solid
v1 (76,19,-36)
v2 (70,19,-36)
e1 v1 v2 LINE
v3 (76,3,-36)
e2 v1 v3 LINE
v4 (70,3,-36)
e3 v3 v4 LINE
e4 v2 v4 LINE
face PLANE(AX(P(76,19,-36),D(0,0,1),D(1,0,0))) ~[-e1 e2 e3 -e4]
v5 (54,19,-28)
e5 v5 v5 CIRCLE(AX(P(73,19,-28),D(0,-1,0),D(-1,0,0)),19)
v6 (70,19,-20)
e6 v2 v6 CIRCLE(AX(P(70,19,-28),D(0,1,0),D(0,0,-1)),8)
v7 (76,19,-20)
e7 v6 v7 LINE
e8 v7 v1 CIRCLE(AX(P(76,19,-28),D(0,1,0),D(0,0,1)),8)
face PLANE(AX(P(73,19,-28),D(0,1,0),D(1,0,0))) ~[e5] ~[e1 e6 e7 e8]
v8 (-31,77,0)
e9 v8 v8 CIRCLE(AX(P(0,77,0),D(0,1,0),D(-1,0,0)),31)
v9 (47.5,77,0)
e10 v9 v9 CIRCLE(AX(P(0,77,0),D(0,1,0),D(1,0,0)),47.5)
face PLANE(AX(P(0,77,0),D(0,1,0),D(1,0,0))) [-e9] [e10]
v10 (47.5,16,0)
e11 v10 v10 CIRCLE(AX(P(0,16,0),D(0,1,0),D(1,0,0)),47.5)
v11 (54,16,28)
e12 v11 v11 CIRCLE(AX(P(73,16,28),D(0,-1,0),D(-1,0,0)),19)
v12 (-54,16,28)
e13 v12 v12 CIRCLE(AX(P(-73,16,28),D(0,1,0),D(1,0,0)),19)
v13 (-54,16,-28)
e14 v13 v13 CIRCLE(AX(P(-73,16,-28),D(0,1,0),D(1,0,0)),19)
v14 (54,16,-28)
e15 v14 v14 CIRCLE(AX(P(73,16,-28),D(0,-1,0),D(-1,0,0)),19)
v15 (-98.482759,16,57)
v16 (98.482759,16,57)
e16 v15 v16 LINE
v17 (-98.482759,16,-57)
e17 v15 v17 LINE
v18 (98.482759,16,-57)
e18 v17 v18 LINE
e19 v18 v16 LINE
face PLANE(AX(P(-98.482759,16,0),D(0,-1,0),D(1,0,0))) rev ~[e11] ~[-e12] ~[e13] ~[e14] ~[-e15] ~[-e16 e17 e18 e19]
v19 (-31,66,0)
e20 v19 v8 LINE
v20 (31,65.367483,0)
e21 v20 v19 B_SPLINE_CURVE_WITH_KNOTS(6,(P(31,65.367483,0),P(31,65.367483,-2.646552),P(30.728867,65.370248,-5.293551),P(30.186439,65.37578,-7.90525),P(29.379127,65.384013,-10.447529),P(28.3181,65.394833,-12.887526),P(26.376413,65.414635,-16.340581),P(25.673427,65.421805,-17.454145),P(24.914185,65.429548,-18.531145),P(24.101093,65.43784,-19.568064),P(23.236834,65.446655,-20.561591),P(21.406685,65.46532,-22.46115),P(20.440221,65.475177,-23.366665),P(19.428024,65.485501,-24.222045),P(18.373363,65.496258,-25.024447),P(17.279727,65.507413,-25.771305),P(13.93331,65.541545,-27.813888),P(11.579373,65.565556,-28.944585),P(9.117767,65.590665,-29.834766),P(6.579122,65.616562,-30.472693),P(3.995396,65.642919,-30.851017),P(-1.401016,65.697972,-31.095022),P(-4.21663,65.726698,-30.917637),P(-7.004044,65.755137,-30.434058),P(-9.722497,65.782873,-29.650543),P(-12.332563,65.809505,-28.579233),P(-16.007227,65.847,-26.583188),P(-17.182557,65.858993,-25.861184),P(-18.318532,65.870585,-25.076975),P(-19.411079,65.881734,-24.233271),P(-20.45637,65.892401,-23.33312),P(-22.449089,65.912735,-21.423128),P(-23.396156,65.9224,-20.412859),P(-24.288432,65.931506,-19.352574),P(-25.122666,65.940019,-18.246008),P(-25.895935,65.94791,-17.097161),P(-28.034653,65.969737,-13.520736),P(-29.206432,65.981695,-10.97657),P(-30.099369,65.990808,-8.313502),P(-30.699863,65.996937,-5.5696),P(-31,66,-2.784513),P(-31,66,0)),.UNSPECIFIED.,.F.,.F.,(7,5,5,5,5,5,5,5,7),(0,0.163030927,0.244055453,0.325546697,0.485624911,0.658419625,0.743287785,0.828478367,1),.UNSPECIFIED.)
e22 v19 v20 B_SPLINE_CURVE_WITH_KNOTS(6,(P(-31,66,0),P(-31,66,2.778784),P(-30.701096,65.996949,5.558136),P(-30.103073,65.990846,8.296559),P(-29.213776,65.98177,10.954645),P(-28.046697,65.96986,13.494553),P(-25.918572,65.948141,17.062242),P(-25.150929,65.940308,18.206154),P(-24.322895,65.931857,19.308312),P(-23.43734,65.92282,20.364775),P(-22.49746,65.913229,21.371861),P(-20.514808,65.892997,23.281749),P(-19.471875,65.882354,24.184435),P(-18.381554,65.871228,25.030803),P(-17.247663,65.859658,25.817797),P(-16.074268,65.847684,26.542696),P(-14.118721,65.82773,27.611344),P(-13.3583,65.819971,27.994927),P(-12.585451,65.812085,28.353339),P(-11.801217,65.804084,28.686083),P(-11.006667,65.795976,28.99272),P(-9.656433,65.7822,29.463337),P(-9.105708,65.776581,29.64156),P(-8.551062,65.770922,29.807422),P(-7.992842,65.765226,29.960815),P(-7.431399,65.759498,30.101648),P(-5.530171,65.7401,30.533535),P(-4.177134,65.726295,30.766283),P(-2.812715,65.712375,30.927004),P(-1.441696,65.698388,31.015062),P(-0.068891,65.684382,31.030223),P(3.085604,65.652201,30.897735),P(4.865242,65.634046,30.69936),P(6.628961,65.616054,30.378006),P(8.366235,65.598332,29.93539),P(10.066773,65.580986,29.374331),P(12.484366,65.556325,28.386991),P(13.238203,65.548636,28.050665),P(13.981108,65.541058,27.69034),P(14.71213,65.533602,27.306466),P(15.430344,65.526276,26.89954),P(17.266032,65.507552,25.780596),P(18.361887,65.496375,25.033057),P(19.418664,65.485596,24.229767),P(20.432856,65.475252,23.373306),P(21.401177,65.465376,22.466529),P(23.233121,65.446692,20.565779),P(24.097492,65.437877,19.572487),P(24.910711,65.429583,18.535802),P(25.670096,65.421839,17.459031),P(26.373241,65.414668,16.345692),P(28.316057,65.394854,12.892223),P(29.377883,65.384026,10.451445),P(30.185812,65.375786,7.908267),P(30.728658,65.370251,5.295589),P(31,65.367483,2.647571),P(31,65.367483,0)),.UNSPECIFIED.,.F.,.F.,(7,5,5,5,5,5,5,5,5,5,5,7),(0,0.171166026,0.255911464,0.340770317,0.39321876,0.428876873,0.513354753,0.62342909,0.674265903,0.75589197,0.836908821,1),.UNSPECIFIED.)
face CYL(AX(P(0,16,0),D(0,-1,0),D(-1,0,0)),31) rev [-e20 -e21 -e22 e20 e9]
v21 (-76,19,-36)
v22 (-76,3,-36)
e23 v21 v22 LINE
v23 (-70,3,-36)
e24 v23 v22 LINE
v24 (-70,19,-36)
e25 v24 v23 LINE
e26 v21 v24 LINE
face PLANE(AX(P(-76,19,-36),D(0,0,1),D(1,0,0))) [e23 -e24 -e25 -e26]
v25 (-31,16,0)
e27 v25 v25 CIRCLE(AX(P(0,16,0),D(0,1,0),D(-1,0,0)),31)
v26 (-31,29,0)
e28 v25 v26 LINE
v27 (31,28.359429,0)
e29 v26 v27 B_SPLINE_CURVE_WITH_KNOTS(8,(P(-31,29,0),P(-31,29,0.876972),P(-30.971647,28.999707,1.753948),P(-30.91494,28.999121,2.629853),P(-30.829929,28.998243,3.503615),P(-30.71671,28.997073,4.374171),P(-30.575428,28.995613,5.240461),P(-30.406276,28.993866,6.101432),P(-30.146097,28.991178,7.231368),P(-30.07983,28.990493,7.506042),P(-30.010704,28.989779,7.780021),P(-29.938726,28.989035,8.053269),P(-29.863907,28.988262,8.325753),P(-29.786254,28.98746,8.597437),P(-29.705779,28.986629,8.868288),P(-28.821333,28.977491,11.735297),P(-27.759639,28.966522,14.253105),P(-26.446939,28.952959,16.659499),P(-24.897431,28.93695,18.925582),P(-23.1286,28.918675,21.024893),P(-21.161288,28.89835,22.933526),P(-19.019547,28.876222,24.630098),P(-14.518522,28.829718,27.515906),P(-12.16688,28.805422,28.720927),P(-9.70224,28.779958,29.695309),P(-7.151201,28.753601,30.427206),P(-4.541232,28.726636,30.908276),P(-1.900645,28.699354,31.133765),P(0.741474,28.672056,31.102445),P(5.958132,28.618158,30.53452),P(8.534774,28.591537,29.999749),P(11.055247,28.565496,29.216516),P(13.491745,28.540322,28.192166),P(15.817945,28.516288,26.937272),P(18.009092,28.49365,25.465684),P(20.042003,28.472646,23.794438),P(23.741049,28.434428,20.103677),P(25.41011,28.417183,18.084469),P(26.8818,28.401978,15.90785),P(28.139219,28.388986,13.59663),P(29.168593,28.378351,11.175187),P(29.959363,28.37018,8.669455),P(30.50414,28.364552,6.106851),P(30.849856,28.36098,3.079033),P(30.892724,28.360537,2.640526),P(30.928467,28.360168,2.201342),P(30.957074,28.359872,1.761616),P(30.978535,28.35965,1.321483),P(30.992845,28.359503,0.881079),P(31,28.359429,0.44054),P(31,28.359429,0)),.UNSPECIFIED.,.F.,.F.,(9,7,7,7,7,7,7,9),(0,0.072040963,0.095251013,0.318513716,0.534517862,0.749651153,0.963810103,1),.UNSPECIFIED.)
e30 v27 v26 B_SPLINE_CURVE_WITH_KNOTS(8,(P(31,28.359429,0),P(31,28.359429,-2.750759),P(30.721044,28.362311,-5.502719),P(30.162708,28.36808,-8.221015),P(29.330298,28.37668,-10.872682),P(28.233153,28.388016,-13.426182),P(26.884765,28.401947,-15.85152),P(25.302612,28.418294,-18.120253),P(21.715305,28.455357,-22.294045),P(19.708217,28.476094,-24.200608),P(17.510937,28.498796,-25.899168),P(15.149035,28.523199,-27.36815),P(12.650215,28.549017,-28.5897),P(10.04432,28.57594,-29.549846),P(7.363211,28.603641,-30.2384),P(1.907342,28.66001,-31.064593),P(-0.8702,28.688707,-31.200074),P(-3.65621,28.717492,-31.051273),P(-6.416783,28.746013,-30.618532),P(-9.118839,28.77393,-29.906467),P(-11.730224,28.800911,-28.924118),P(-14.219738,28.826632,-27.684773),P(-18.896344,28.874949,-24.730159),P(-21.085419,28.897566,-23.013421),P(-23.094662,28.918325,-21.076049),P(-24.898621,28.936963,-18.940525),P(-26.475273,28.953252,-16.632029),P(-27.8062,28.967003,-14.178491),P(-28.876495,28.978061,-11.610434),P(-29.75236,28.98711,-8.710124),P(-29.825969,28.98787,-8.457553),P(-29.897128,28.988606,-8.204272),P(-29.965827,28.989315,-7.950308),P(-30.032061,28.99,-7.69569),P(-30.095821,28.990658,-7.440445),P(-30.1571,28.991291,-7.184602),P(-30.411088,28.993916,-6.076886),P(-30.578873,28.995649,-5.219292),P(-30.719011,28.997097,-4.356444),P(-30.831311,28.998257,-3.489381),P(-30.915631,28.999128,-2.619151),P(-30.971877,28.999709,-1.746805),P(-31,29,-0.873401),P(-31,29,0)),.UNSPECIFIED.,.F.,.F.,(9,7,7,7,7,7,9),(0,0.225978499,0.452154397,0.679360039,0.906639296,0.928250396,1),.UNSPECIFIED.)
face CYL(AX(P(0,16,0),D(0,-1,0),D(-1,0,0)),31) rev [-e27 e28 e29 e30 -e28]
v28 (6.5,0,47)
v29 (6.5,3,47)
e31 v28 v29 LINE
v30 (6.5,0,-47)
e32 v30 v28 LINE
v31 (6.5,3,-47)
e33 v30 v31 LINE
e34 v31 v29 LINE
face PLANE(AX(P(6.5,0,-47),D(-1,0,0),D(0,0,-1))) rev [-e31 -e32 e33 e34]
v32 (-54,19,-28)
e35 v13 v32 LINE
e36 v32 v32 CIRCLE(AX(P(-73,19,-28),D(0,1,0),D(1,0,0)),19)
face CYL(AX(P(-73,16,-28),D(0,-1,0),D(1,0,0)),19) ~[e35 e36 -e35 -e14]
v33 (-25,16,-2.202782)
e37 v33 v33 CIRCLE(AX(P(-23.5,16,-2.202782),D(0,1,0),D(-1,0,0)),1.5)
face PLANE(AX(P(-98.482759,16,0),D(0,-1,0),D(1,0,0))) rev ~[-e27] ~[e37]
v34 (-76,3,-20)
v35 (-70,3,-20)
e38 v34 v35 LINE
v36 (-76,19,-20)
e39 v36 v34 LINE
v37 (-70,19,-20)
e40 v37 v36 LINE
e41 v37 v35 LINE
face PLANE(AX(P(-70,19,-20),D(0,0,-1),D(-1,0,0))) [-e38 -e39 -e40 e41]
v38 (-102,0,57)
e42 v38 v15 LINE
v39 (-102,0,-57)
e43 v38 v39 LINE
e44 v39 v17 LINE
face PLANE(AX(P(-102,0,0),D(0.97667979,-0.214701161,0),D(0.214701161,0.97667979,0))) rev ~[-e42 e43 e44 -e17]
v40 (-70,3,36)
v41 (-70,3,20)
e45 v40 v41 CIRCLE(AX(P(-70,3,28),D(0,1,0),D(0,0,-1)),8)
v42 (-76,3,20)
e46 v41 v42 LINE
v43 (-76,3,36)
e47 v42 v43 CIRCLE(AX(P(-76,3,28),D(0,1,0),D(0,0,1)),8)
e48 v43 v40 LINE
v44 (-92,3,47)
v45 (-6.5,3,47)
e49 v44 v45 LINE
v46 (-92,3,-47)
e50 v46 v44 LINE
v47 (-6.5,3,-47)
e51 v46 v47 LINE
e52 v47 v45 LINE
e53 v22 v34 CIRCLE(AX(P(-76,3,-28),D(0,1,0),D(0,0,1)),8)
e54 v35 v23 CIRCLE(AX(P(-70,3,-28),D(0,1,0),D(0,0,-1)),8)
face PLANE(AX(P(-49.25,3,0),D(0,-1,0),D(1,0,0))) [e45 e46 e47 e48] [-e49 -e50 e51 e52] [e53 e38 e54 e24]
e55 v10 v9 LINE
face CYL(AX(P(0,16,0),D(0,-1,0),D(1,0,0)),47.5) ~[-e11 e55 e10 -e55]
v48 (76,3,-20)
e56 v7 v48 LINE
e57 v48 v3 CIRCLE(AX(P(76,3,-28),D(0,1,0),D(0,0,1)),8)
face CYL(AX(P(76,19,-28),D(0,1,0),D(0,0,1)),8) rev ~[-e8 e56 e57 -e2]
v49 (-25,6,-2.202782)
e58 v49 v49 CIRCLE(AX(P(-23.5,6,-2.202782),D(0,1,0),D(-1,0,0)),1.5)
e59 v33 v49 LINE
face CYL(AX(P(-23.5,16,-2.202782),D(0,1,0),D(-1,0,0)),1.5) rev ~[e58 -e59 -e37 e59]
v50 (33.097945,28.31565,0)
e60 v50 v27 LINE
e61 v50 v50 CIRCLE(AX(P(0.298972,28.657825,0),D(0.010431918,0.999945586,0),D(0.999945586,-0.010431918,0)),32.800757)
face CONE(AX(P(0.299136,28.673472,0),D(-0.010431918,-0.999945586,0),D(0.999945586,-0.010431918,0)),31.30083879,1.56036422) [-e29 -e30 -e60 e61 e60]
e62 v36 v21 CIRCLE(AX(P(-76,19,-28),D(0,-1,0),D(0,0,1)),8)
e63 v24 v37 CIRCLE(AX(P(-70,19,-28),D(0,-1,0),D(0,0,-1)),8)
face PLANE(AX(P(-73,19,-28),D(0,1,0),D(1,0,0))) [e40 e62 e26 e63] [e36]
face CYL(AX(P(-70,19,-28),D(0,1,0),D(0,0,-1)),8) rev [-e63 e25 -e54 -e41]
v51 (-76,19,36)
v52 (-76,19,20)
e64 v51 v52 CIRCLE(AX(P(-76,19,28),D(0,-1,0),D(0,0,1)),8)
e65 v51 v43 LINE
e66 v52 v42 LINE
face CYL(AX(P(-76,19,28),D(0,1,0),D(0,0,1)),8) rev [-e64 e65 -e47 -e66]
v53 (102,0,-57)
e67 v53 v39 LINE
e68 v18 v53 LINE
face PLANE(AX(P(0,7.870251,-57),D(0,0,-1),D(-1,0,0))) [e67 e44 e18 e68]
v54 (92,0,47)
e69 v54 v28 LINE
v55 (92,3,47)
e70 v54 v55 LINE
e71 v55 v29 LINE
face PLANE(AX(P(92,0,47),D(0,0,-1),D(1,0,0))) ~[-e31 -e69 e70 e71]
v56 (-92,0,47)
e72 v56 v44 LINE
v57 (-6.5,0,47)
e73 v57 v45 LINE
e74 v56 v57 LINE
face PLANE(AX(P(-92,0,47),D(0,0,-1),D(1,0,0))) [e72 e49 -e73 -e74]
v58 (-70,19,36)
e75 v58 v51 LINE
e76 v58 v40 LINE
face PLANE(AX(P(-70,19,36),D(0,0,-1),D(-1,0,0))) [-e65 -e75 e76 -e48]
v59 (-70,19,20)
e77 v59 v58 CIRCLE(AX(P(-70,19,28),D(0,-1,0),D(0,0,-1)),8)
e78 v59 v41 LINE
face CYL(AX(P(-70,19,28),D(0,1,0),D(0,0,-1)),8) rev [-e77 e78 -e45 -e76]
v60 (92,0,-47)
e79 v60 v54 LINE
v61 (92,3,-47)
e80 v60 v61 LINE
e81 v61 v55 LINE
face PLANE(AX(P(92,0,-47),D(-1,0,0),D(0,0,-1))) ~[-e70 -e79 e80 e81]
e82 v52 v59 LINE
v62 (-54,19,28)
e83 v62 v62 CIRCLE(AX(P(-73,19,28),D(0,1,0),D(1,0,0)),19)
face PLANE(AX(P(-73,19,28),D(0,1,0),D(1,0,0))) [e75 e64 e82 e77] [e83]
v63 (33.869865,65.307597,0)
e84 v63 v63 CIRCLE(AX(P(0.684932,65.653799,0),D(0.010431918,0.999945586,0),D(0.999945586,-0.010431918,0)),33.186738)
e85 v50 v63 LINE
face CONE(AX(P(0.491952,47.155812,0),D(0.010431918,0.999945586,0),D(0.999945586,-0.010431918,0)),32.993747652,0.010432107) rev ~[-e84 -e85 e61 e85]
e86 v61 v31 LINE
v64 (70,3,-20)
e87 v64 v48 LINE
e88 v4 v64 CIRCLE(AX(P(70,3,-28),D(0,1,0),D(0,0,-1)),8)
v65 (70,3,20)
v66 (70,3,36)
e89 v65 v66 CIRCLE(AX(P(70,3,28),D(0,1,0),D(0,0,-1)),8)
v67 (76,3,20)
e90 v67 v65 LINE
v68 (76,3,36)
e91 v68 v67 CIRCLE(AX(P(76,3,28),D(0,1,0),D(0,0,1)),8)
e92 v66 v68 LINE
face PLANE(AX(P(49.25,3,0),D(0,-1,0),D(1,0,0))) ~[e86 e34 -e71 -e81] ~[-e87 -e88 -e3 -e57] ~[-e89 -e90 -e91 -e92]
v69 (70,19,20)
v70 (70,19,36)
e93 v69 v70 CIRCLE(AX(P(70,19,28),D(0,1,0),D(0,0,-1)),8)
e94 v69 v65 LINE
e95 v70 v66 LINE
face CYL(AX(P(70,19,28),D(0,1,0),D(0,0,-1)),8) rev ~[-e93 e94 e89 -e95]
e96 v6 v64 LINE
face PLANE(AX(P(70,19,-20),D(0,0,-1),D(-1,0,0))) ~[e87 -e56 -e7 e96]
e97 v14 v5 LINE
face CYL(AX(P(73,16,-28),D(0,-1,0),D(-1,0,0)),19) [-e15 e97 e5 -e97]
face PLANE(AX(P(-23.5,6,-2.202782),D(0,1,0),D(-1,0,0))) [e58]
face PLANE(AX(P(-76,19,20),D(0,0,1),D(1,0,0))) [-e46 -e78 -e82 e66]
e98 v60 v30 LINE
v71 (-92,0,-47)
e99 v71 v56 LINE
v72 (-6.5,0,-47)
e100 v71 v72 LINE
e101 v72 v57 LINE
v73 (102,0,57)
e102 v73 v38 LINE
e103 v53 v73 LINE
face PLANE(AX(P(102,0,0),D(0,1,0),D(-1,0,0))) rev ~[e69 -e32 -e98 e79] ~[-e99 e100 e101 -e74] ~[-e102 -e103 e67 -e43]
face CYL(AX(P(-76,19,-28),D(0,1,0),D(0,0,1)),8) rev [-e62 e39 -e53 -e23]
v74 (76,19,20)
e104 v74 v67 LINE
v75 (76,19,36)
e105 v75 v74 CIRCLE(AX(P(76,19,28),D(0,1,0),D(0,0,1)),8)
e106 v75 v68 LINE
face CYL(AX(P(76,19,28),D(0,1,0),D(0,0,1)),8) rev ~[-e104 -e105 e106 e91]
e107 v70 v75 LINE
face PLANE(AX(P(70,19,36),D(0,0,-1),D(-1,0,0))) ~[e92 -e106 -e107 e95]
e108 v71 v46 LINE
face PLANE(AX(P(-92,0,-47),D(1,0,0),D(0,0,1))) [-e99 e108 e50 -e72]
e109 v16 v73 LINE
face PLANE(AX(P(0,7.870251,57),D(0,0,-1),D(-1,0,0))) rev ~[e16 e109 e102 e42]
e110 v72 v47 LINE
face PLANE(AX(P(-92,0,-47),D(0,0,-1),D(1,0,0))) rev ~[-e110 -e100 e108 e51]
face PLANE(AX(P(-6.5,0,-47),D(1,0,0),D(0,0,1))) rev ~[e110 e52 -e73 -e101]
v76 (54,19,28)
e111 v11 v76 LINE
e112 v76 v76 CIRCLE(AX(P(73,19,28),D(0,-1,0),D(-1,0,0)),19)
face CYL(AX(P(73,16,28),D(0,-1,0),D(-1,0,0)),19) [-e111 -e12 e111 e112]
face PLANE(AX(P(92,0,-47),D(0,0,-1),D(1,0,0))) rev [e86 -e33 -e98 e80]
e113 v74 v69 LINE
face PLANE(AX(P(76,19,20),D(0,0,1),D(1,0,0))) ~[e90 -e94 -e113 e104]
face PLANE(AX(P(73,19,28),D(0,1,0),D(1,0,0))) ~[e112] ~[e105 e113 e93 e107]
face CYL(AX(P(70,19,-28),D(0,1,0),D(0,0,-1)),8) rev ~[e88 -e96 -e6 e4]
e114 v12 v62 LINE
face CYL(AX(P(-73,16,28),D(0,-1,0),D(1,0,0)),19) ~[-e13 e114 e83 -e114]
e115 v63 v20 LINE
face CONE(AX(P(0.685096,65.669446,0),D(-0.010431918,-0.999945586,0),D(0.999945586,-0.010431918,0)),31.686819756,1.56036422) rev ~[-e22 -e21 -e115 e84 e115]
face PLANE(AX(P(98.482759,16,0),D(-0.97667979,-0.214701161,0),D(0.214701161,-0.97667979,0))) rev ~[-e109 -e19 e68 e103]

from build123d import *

# Parameters (mm, degrees)
BOSS_EXTRUDE1_DEPTH = 57
SKETCH2_W           = 85.5
SKETCH2_H           = 94
CUT_EXTRUDE1_DEPTH  = 3
SKETCH5_R           = 19
BOSS_EXTRUDE4_DEPTH = 3
CUT_EXTRUDE3_DEPTH  = 20
SKETCH7_R           = 47.5
SKETCH7_R_2         = 31
BOSS_EXTRUDE5_DEPTH = 61
SKETCH12_W          = 3
SKETCH12_H          = 37
SKETCH17_R          = 1.5
CUT_EXTRUDE4_DEPTH  = 10


with BuildPart() as part:
    # Sketch1 → Boss-Extrude1 (new body, symmetric)
    with BuildSketch(Plane.XY):
        Polygon((102, 0), (-102, 0), (-98.482758621, 16), (98.482758621, 16), align=None)
    extrude(amount=BOSS_EXTRUDE1_DEPTH, both=True)

    # Sketch2 → Cut-Extrude1 (cut)
    with BuildSketch(Plane.XZ):
        with Locations((-49.25, 0)):
            Rectangle(SKETCH2_W, SKETCH2_H)
    cut_extrude1 = extrude(amount=-CUT_EXTRUDE1_DEPTH, mode=Mode.SUBTRACT)

    # Mirror1: Cut-Extrude1 across plane
    add(cut_extrude1.mirror(Plane(origin=(0, 0, 0), x_dir=(0, 0, 1), z_dir=(1, 0, 0))), mode=Mode.SUBTRACT)

    # Sketch5 → Boss-Extrude4 (add)
    with BuildSketch(Plane(origin=(0, 16, 0), x_dir=(1, 0, 0), z_dir=(0, 1, 0))):
        with Locations((-73, 28)):
            Circle(SKETCH5_R)
        with Locations((-73, -28)):
            Circle(SKETCH5_R)
    boss_extrude4 = extrude(amount=BOSS_EXTRUDE4_DEPTH)

    # Sketch6 → Cut-Extrude3 (cut, through all)
    with BuildSketch(Plane(origin=(0, 19, 0), x_dir=(1, 0, 0), z_dir=(0, 1, 0))):
        with BuildLine():
            Line((-76, 36), (-70, 36))
            ThreePointArc((-70, 36), (-62, 28), (-70, 20))
            Line((-70, 20), (-76, 20))
            ThreePointArc((-76, 20), (-84, 28), (-76, 36))
        make_face()
        with BuildLine():
            Line((-76, -20), (-70, -20))
            ThreePointArc((-70, -20), (-62, -28), (-70, -36))
            Line((-70, -36), (-76, -36))
            ThreePointArc((-76, -36), (-84, -28), (-76, -20))
        make_face()
    cut_extrude3 = extrude(amount=-CUT_EXTRUDE3_DEPTH, mode=Mode.SUBTRACT)

    # Mirror2: Boss-Extrude4, Cut-Extrude3 across plane
    add(boss_extrude4.mirror(Plane(origin=(0, 0, 0), x_dir=(0, 0, 1), z_dir=(1, 0, 0))))
    add(cut_extrude3.mirror(Plane(origin=(0, 0, 0), x_dir=(0, 0, 1), z_dir=(1, 0, 0))), mode=Mode.SUBTRACT)

    # Sketch7 → Boss-Extrude5 (add)
    with BuildSketch(Plane(origin=(0, 16, 0), x_dir=(1, 0, 0), z_dir=(0, 1, 0))):
        Circle(SKETCH7_R)
        with Locations(Location((0, 0, 0), (0, 0, 180))):  # turned: the seam where the file's is
            Circle(SKETCH7_R_2, mode=Mode.SUBTRACT)
    extrude(amount=BOSS_EXTRUDE5_DEPTH)

    # Sketch12 → Cut-Revolve6 (revolve, cut)
    with BuildSketch(Plane.XY, mode=Mode.PRIVATE) as cut_revolve6_sk:
        with Locations((-31, 47.5)):
            Rectangle(SKETCH12_W, SKETCH12_H)
    revolve(cut_revolve6_sk.sketch.rotate(Axis((0, 0, 0), (0.010431918, 0.999945586, 0)), 180), axis=Axis((0, 0, 0), (0.010431918, 0.999945586, 0)), mode=Mode.SUBTRACT)  # turned: the seam where the file's is

    # Sketch17 → Cut-Extrude4 (cut)
    with BuildSketch(Plane(origin=(0, 16, 0), x_dir=(1, 0, 0), z_dir=(0, 1, 0))):
        with Locations(Location((-23.5, 2.202781608, 0), (0, 0, 180))):  # turned: the seam where the file's is
            Circle(SKETCH17_R)
    extrude(amount=-CUT_EXTRUDE4_DEPTH, mode=Mode.SUBTRACT)


solid = part.part
